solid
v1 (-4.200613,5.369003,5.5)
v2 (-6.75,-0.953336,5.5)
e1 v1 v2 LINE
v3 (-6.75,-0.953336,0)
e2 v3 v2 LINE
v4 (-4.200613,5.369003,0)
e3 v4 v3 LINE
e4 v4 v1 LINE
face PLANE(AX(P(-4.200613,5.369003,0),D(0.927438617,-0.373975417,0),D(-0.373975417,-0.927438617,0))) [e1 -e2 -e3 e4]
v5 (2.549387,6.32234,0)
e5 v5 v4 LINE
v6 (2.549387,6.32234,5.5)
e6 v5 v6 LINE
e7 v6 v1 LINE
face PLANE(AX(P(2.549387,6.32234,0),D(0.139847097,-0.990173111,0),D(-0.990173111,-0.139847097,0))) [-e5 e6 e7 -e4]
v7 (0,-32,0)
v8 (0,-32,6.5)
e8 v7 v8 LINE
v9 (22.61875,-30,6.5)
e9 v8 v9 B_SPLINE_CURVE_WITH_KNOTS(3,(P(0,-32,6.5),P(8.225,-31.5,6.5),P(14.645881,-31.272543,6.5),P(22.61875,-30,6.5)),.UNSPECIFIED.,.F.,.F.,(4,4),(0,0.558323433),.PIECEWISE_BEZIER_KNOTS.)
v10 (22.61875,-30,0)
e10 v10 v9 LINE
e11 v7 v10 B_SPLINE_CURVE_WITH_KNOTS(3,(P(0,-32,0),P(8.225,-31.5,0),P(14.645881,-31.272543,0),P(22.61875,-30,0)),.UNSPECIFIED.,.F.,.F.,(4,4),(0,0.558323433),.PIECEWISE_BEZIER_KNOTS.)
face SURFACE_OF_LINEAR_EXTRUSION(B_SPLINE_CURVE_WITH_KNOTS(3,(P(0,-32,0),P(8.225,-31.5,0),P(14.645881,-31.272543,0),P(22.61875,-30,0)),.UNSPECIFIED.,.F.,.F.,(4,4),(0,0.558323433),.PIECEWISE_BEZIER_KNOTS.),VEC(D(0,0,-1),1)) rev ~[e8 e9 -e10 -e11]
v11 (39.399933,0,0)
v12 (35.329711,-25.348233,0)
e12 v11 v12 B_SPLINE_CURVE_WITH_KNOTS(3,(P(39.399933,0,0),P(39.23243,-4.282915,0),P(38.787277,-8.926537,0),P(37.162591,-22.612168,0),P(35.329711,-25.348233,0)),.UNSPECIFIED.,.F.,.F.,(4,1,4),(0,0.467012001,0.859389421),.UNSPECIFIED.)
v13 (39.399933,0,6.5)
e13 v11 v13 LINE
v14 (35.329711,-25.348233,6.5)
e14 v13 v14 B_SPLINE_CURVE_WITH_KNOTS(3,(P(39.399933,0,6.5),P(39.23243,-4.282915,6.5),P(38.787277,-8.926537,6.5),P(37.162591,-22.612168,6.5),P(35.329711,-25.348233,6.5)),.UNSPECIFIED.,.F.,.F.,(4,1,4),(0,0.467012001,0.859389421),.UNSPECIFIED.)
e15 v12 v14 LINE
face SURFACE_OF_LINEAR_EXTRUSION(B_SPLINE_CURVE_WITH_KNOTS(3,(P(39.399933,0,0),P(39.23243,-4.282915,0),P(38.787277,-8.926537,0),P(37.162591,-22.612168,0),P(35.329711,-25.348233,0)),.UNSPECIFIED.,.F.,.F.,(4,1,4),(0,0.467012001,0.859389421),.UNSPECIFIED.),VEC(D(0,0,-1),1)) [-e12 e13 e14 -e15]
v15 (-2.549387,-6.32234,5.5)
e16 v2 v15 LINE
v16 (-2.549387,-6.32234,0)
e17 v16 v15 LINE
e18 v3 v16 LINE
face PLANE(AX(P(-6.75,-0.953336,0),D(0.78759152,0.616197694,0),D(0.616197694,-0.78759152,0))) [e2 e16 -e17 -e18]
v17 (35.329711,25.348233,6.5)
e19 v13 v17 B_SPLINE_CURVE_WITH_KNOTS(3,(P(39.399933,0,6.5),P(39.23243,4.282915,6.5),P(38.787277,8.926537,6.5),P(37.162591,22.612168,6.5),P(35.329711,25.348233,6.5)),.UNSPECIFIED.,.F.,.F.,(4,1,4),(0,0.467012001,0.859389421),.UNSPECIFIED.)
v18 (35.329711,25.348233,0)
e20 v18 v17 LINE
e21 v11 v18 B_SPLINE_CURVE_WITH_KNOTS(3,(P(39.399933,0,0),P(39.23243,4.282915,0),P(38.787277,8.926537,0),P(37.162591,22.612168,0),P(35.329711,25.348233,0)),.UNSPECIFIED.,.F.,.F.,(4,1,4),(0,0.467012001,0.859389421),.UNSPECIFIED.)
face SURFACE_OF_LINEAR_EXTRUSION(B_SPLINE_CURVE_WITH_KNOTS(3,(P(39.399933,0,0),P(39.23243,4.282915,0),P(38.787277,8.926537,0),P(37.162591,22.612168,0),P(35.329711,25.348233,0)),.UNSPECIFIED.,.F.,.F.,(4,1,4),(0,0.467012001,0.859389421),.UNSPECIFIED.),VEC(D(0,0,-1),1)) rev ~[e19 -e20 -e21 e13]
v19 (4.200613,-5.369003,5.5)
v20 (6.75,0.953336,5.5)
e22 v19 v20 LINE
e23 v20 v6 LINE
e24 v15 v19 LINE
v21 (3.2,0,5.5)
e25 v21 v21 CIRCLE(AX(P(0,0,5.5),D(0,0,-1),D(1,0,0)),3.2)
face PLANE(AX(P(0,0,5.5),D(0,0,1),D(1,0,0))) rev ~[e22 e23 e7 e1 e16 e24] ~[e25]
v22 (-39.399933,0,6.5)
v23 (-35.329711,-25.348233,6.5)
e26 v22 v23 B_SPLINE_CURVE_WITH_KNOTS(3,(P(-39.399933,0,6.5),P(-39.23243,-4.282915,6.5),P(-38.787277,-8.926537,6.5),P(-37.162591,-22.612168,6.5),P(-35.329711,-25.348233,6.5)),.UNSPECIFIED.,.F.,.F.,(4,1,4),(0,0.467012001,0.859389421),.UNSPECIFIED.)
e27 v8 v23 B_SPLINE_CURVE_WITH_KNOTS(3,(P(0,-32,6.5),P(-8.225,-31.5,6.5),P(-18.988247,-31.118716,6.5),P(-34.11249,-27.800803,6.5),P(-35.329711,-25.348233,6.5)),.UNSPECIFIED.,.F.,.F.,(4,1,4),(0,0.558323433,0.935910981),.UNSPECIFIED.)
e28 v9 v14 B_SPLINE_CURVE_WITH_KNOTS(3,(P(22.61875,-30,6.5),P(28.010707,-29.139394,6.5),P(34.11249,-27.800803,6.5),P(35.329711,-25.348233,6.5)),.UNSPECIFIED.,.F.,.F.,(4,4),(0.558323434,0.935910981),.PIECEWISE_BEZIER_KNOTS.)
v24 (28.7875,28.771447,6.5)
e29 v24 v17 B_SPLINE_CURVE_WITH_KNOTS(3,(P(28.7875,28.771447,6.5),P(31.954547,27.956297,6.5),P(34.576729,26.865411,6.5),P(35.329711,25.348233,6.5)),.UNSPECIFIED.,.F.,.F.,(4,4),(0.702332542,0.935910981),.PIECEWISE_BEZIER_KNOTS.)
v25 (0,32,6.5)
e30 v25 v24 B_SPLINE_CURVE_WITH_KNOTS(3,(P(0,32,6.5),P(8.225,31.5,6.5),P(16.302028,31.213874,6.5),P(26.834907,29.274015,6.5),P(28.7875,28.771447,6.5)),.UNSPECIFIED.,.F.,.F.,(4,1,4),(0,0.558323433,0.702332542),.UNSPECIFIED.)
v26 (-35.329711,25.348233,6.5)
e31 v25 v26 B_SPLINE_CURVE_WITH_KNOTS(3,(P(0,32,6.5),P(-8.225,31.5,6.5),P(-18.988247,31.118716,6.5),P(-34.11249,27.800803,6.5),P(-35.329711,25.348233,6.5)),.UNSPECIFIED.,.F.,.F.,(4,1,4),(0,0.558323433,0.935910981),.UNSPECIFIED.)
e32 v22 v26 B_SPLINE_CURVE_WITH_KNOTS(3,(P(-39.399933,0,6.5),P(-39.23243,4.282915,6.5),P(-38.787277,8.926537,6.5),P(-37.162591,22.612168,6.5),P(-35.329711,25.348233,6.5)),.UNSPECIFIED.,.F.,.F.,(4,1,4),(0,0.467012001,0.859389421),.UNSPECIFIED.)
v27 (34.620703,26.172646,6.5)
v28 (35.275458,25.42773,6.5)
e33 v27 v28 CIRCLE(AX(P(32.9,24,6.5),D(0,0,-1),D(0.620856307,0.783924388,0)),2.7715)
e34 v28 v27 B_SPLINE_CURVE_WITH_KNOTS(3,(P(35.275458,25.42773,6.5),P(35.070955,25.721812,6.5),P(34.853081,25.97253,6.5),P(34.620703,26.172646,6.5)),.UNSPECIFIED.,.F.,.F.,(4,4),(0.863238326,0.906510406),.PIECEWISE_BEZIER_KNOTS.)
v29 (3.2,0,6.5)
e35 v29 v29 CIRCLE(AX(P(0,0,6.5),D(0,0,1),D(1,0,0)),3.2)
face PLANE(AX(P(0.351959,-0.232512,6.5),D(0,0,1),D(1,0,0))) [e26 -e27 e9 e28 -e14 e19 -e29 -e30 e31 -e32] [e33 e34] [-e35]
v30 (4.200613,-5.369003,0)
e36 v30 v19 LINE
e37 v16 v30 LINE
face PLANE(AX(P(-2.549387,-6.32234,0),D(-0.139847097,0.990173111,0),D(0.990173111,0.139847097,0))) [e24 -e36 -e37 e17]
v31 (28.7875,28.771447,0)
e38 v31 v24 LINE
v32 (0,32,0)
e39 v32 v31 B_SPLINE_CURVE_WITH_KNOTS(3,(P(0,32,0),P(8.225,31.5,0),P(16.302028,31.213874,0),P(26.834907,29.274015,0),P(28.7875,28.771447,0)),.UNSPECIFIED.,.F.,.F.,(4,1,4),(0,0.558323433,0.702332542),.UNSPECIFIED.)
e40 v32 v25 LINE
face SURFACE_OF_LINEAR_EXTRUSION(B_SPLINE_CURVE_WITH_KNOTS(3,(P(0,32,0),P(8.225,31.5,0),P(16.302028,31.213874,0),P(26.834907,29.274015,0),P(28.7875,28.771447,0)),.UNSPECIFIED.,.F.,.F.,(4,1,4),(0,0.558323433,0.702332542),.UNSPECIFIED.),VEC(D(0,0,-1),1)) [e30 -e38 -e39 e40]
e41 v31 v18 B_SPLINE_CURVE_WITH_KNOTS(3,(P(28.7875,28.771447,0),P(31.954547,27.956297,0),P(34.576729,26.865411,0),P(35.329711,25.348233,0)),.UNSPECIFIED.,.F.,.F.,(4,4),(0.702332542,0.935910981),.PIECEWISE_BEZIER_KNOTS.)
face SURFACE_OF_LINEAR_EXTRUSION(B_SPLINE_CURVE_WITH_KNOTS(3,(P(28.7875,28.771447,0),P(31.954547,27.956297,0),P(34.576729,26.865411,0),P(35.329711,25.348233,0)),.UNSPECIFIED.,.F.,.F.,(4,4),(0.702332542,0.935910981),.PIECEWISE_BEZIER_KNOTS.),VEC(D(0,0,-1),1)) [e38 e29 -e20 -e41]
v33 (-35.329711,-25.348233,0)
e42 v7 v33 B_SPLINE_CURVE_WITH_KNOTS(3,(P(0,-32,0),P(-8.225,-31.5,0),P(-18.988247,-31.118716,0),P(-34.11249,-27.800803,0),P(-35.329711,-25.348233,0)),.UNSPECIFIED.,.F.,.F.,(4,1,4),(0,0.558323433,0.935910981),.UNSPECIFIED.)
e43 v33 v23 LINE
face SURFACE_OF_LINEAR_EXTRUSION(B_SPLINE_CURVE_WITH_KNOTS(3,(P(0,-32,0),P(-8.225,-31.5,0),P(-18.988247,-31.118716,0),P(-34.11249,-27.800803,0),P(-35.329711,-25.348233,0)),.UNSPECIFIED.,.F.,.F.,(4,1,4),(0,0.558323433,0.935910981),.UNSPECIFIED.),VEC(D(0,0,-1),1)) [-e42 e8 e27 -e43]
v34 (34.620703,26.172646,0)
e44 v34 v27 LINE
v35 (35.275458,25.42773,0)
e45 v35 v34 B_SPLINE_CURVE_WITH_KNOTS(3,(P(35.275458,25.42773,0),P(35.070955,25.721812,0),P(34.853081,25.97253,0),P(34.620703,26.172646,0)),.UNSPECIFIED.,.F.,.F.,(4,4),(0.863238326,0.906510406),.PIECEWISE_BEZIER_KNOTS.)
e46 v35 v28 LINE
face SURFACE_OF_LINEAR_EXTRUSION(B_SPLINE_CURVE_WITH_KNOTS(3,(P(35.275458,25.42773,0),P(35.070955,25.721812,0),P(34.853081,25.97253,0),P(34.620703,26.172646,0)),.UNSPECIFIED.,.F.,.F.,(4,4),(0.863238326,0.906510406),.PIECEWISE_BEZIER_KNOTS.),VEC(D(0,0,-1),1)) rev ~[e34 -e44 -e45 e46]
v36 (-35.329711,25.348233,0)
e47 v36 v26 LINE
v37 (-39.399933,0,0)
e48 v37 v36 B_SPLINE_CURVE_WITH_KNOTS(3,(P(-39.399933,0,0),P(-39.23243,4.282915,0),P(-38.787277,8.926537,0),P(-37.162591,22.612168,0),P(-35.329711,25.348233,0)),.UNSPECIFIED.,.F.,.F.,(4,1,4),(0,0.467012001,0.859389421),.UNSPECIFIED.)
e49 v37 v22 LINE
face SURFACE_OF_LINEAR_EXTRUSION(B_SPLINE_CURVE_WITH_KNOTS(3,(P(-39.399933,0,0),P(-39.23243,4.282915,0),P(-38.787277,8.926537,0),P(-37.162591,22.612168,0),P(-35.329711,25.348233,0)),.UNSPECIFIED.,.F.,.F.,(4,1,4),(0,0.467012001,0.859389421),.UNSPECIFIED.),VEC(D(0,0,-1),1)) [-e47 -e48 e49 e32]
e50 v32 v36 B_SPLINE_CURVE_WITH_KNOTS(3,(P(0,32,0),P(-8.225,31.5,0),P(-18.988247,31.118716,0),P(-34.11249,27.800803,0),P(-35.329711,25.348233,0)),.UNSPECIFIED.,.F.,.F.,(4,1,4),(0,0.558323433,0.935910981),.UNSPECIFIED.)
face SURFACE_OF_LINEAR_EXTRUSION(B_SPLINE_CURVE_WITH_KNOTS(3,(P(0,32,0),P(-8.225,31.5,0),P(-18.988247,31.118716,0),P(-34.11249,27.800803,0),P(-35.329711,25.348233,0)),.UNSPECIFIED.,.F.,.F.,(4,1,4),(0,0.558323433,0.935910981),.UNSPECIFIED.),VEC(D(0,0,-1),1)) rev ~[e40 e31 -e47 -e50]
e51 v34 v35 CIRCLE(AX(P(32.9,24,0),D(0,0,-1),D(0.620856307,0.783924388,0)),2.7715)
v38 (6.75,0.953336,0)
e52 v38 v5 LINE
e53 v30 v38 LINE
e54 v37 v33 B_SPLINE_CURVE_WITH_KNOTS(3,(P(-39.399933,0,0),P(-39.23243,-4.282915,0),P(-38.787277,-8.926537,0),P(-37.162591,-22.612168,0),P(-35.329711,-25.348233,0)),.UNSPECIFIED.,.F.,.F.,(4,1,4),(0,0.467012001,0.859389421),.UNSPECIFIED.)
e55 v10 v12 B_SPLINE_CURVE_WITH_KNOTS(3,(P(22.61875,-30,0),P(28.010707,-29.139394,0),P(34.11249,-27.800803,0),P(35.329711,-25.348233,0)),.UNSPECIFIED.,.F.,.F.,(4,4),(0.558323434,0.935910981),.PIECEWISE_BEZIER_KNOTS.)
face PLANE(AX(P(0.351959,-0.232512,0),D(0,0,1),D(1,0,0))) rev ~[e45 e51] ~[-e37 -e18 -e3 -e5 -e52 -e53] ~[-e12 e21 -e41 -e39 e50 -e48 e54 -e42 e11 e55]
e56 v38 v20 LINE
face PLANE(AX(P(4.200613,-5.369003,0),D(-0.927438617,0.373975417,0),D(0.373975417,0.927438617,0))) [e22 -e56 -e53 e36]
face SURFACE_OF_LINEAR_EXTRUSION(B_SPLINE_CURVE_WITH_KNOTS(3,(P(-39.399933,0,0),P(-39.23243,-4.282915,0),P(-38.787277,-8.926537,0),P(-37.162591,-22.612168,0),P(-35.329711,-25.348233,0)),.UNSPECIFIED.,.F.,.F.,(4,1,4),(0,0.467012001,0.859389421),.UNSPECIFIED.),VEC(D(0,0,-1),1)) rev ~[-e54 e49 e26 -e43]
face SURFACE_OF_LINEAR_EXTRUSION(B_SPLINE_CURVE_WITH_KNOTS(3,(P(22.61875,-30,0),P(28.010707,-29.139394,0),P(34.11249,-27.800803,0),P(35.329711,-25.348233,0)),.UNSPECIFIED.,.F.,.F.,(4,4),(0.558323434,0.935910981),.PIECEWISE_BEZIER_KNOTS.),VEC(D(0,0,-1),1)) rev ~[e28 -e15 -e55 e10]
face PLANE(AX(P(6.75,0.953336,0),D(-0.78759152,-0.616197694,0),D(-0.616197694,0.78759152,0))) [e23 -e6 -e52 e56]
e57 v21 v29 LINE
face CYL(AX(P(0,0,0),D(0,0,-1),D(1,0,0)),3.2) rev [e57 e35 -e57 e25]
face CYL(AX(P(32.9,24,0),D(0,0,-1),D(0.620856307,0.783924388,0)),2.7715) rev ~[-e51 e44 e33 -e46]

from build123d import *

# Parameters (mm, degrees)
F0_R     = 3.2
F1_DEPTH = 6.5
F3_DEPTH = 5.5


with BuildPart() as f1:
    # F0 (on Top) → F1 (new body)
    with BuildSketch(Plane.XY):
        with BuildLine():
            add(Edge.make_bspline(
                [(39.3999332212, 0), (39.2324304628, 4.2829147513), (38.7872771507, 8.9265367766), (37.1625908582, 22.6121680541), (35.3297105847, 25.3482333917)],
                knots=[0, 0, 0, 0, 0.4670120009, 0.8593894213, 0.8593894213, 0.8593894213, 0.8593894213], degree=3))
            add(Edge.make_bspline(
                [(28.7875, 28.7714468365), (31.9545471321, 27.9562968429), (34.5767290156, 26.8654108521), (35.3297105847, 25.3482333917)],
                knots=[0.7023325424, 0.7023325424, 0.7023325424, 0.7023325424, 0.9359109815, 0.9359109815, 0.9359109815, 0.9359109815], degree=3))
            add(Edge.make_bspline(
                [(0, 32), (8.225, 31.5), (16.3020276918, 31.2138742229), (26.8349069443, 29.2740147335), (28.7875, 28.7714468365)],
                knots=[0, 0, 0, 0, 0.5583234326, 0.7023325424, 0.7023325424, 0.7023325424, 0.7023325424], degree=3))
            add(Edge.make_bspline(
                [(0, 32), (-8.225, 31.5), (-18.9882474055, 31.1187158636), (-34.1124900821, 27.8008027329), (-35.3297105847, 25.3482333917)],
                knots=[0, 0, 0, 0, 0.5583234326, 0.9359109815, 0.9359109815, 0.9359109815, 0.9359109815], degree=3))
            add(Edge.make_bspline(
                [(-39.3999332212, 0), (-39.2324304628, 4.2829147513), (-38.7872771507, 8.9265367766), (-37.1625908582, 22.6121680541), (-35.3297105847, 25.3482333917)],
                knots=[0, 0, 0, 0, 0.4670120009, 0.8593894213, 0.8593894213, 0.8593894213, 0.8593894213], degree=3))
            add(Edge.make_bspline(
                [(-39.3999332212, 0), (-39.2324304628, -4.2829147513), (-38.7872771507, -8.9265367766), (-37.1625908582, -22.6121680541), (-35.3297105847, -25.3482333917)],
                knots=[0, 0, 0, 0, 0.4670120009, 0.8593894213, 0.8593894213, 0.8593894213, 0.8593894213], degree=3))
            add(Edge.make_bspline(
                [(0, -32), (-8.225, -31.5), (-18.9882474055, -31.1187158636), (-34.1124900821, -27.8008027329), (-35.3297105847, -25.3482333917)],
                knots=[0, 0, 0, 0, 0.5583234326, 0.9359109815, 0.9359109815, 0.9359109815, 0.9359109815], degree=3))
            add(Edge.make_bspline(
                [(0, -32), (8.225, -31.5), (14.645881212, -31.2725426114), (22.61875, -30)],
                knots=[0, 0, 0, 0, 0.5583234326, 0.5583234326, 0.5583234326, 0.5583234326], degree=3))
            add(Edge.make_bspline(
                [(22.6187500712, -29.9999999876), (27.9903507, -29.0675234892), (34.0715600658, -27.7859713129), (35.317323608, -25.3666461376)],
                knots=[0.5585918573, 0.5585918573, 0.5585918573, 0.5585918573, 0.9347189863, 0.9347189863, 0.9347189863, 0.9347189863], degree=3))
            add(Edge.make_bspline(
                [(35.317323608, -25.3666461376), (35.5335396174, -24.9467455569), (35.6040953996, -24.4925713477), (35.5, -24)],
                knots=[0.9347189863, 0.9347189863, 0.9347189863, 0.9347189863, 1, 1, 1, 1], degree=3))
            add(Edge.make_bspline(
                [(35.3297105847, -25.3482333917), (35.5363129143, -24.9319517578), (35.6021946751, -24.4835772671), (35.5, -24)],
                knots=[0.9359109815, 0.9359109815, 0.9359109815, 0.9359109815, 1, 1, 1, 1], degree=3))
            add(Edge.make_bspline(
                [(39.3999332212, 0), (39.2324304628, -4.2829147513), (38.7872771507, -8.9265367766), (37.1625908582, -22.6121680541), (35.3297105847, -25.3482333917)],
                knots=[0, 0, 0, 0, 0.4670120009, 0.8593894213, 0.8593894213, 0.8593894213, 0.8593894213], degree=3))
        make_face()
        Circle(F0_R, mode=Mode.SUBTRACT)
        with BuildLine():
            add(Edge.make_bspline(
                [(35.3297105847, 25.3482333917), (35.350547333, 25.3062495686), (35.3699527275, 25.2639393096), (35.3878987049, 25.2212994245)],
                knots=[0.9359109815, 0.9359109815, 0.9359109815, 0.9359109815, 0.9423746393, 0.9423746393, 0.9423746393, 0.9423746393], degree=3))
            ThreePointArc((35.3878987049, 25.2212994245), (35.3338677214, 25.3257074205), (35.2754576154, 25.4277301451))
            add(Edge.make_bspline(
                [(35.3297105847, 25.3482333917), (35.311731512, 25.3750719791), (35.2936474549, 25.401572595), (35.2754576154, 25.4277301451)],
                knots=[0.8593894213, 0.8593894213, 0.8593894213, 0.8593894213, 0.8632383264, 0.8632383264, 0.8632383264, 0.8632383264], degree=3))
        make_face(mode=Mode.SUBTRACT)
        with BuildLine():
            ThreePointArc((34.6207032544, 26.1726464416), (34.9816720539, 25.8297141061), (35.2754576154, 25.4277301451))
            add(Edge.make_bspline(
                [(35.2754576154, 25.4277301451), (35.0709547328, 25.7218115973), (34.8530811542, 25.9725301252), (34.6207032544, 26.1726464416)],
                knots=[0.8632383264, 0.8632383264, 0.8632383264, 0.8632383264, 0.9065104058, 0.9065104058, 0.9065104058, 0.9065104058], degree=3))
        make_face(mode=Mode.SUBTRACT)
        with BuildLine():
            ThreePointArc((35.2754576154, 25.4277301451), (35.3338677214, 25.3257074205), (35.3878987049, 25.2212994245))
            add(Edge.make_bspline(
                [(35.3297105847, 25.3482333917), (35.350547333, 25.3062495686), (35.3699527275, 25.2639393096), (35.3878987049, 25.2212994245)],
                knots=[0.9359109815, 0.9359109815, 0.9359109815, 0.9359109815, 0.9423746393, 0.9423746393, 0.9423746393, 0.9423746393], degree=3))
            add(Edge.make_bspline(
                [(35.3297105847, 25.3482333917), (35.311731512, 25.3750719791), (35.2936474549, 25.401572595), (35.2754576154, 25.4277301451)],
                knots=[0.8593894213, 0.8593894213, 0.8593894213, 0.8593894213, 0.8632383264, 0.8632383264, 0.8632383264, 0.8632383264], degree=3))
        make_face()
        with BuildLine():
            add(Edge.make_bspline(
                [(22.6187500713, -29.9999999886), (28.0107071306, -29.1393944369), (34.1124900875, -27.8008027221), (35.3297105847, -25.3482333917)],
                knots=[0.5583234343, 0.5583234343, 0.5583234343, 0.5583234343, 0.9359109815, 0.9359109815, 0.9359109815, 0.9359109815], degree=3))
            add(Edge.make_bspline(
                [(35.3297105847, -25.3482333917), (35.3255871179, -25.3543887717), (35.3214581289, -25.3605263741), (35.317323608, -25.3666461376)],
                knots=[0.8593894213, 0.8593894213, 0.8593894213, 0.8593894213, 0.8602721605, 0.8602721605, 0.8602721605, 0.8602721605], degree=3))
            add(Edge.make_bspline(
                [(22.6187500712, -29.9999999876), (27.9903507, -29.0675234892), (34.0715600658, -27.7859713129), (35.317323608, -25.3666461376)],
                knots=[0.5585918573, 0.5585918573, 0.5585918573, 0.5585918573, 0.9347189863, 0.9347189863, 0.9347189863, 0.9347189863], degree=3))
        make_face()
        with BuildLine():
            add(Edge.make_bspline(
                [(35.3297105847, -25.3482333917), (35.3255871179, -25.3543887717), (35.3214581289, -25.3605263741), (35.317323608, -25.3666461376)],
                knots=[0.8593894213, 0.8593894213, 0.8593894213, 0.8593894213, 0.8602721605, 0.8602721605, 0.8602721605, 0.8602721605], degree=3))
            add(Edge.make_bspline(
                [(35.3297105847, -25.3482333917), (35.5363129143, -24.9319517578), (35.6021946751, -24.4835772671), (35.5, -24)],
                knots=[0.9359109815, 0.9359109815, 0.9359109815, 0.9359109815, 1, 1, 1, 1], degree=3))
            add(Edge.make_bspline(
                [(35.317323608, -25.3666461376), (35.5335396174, -24.9467455569), (35.6040953996, -24.4925713477), (35.5, -24)],
                knots=[0.9347189863, 0.9347189863, 0.9347189863, 0.9347189863, 1, 1, 1, 1], degree=3))
        make_face()
    extrude(amount=F1_DEPTH)

    # F2 (on Top) → F3 (cut)
    with BuildSketch(Plane.XY):
        Polygon((-2.5493866035, -6.3223395923), (4.2006133965, -5.3690033588), (6.75, 0.9533362335), (2.5493866035, 6.3223395923), (-4.2006133965, 5.3690033588), (-6.75, -0.9533362335), align=None)
    extrude(amount=F3_DEPTH, mode=Mode.SUBTRACT)


solid = f1.part
